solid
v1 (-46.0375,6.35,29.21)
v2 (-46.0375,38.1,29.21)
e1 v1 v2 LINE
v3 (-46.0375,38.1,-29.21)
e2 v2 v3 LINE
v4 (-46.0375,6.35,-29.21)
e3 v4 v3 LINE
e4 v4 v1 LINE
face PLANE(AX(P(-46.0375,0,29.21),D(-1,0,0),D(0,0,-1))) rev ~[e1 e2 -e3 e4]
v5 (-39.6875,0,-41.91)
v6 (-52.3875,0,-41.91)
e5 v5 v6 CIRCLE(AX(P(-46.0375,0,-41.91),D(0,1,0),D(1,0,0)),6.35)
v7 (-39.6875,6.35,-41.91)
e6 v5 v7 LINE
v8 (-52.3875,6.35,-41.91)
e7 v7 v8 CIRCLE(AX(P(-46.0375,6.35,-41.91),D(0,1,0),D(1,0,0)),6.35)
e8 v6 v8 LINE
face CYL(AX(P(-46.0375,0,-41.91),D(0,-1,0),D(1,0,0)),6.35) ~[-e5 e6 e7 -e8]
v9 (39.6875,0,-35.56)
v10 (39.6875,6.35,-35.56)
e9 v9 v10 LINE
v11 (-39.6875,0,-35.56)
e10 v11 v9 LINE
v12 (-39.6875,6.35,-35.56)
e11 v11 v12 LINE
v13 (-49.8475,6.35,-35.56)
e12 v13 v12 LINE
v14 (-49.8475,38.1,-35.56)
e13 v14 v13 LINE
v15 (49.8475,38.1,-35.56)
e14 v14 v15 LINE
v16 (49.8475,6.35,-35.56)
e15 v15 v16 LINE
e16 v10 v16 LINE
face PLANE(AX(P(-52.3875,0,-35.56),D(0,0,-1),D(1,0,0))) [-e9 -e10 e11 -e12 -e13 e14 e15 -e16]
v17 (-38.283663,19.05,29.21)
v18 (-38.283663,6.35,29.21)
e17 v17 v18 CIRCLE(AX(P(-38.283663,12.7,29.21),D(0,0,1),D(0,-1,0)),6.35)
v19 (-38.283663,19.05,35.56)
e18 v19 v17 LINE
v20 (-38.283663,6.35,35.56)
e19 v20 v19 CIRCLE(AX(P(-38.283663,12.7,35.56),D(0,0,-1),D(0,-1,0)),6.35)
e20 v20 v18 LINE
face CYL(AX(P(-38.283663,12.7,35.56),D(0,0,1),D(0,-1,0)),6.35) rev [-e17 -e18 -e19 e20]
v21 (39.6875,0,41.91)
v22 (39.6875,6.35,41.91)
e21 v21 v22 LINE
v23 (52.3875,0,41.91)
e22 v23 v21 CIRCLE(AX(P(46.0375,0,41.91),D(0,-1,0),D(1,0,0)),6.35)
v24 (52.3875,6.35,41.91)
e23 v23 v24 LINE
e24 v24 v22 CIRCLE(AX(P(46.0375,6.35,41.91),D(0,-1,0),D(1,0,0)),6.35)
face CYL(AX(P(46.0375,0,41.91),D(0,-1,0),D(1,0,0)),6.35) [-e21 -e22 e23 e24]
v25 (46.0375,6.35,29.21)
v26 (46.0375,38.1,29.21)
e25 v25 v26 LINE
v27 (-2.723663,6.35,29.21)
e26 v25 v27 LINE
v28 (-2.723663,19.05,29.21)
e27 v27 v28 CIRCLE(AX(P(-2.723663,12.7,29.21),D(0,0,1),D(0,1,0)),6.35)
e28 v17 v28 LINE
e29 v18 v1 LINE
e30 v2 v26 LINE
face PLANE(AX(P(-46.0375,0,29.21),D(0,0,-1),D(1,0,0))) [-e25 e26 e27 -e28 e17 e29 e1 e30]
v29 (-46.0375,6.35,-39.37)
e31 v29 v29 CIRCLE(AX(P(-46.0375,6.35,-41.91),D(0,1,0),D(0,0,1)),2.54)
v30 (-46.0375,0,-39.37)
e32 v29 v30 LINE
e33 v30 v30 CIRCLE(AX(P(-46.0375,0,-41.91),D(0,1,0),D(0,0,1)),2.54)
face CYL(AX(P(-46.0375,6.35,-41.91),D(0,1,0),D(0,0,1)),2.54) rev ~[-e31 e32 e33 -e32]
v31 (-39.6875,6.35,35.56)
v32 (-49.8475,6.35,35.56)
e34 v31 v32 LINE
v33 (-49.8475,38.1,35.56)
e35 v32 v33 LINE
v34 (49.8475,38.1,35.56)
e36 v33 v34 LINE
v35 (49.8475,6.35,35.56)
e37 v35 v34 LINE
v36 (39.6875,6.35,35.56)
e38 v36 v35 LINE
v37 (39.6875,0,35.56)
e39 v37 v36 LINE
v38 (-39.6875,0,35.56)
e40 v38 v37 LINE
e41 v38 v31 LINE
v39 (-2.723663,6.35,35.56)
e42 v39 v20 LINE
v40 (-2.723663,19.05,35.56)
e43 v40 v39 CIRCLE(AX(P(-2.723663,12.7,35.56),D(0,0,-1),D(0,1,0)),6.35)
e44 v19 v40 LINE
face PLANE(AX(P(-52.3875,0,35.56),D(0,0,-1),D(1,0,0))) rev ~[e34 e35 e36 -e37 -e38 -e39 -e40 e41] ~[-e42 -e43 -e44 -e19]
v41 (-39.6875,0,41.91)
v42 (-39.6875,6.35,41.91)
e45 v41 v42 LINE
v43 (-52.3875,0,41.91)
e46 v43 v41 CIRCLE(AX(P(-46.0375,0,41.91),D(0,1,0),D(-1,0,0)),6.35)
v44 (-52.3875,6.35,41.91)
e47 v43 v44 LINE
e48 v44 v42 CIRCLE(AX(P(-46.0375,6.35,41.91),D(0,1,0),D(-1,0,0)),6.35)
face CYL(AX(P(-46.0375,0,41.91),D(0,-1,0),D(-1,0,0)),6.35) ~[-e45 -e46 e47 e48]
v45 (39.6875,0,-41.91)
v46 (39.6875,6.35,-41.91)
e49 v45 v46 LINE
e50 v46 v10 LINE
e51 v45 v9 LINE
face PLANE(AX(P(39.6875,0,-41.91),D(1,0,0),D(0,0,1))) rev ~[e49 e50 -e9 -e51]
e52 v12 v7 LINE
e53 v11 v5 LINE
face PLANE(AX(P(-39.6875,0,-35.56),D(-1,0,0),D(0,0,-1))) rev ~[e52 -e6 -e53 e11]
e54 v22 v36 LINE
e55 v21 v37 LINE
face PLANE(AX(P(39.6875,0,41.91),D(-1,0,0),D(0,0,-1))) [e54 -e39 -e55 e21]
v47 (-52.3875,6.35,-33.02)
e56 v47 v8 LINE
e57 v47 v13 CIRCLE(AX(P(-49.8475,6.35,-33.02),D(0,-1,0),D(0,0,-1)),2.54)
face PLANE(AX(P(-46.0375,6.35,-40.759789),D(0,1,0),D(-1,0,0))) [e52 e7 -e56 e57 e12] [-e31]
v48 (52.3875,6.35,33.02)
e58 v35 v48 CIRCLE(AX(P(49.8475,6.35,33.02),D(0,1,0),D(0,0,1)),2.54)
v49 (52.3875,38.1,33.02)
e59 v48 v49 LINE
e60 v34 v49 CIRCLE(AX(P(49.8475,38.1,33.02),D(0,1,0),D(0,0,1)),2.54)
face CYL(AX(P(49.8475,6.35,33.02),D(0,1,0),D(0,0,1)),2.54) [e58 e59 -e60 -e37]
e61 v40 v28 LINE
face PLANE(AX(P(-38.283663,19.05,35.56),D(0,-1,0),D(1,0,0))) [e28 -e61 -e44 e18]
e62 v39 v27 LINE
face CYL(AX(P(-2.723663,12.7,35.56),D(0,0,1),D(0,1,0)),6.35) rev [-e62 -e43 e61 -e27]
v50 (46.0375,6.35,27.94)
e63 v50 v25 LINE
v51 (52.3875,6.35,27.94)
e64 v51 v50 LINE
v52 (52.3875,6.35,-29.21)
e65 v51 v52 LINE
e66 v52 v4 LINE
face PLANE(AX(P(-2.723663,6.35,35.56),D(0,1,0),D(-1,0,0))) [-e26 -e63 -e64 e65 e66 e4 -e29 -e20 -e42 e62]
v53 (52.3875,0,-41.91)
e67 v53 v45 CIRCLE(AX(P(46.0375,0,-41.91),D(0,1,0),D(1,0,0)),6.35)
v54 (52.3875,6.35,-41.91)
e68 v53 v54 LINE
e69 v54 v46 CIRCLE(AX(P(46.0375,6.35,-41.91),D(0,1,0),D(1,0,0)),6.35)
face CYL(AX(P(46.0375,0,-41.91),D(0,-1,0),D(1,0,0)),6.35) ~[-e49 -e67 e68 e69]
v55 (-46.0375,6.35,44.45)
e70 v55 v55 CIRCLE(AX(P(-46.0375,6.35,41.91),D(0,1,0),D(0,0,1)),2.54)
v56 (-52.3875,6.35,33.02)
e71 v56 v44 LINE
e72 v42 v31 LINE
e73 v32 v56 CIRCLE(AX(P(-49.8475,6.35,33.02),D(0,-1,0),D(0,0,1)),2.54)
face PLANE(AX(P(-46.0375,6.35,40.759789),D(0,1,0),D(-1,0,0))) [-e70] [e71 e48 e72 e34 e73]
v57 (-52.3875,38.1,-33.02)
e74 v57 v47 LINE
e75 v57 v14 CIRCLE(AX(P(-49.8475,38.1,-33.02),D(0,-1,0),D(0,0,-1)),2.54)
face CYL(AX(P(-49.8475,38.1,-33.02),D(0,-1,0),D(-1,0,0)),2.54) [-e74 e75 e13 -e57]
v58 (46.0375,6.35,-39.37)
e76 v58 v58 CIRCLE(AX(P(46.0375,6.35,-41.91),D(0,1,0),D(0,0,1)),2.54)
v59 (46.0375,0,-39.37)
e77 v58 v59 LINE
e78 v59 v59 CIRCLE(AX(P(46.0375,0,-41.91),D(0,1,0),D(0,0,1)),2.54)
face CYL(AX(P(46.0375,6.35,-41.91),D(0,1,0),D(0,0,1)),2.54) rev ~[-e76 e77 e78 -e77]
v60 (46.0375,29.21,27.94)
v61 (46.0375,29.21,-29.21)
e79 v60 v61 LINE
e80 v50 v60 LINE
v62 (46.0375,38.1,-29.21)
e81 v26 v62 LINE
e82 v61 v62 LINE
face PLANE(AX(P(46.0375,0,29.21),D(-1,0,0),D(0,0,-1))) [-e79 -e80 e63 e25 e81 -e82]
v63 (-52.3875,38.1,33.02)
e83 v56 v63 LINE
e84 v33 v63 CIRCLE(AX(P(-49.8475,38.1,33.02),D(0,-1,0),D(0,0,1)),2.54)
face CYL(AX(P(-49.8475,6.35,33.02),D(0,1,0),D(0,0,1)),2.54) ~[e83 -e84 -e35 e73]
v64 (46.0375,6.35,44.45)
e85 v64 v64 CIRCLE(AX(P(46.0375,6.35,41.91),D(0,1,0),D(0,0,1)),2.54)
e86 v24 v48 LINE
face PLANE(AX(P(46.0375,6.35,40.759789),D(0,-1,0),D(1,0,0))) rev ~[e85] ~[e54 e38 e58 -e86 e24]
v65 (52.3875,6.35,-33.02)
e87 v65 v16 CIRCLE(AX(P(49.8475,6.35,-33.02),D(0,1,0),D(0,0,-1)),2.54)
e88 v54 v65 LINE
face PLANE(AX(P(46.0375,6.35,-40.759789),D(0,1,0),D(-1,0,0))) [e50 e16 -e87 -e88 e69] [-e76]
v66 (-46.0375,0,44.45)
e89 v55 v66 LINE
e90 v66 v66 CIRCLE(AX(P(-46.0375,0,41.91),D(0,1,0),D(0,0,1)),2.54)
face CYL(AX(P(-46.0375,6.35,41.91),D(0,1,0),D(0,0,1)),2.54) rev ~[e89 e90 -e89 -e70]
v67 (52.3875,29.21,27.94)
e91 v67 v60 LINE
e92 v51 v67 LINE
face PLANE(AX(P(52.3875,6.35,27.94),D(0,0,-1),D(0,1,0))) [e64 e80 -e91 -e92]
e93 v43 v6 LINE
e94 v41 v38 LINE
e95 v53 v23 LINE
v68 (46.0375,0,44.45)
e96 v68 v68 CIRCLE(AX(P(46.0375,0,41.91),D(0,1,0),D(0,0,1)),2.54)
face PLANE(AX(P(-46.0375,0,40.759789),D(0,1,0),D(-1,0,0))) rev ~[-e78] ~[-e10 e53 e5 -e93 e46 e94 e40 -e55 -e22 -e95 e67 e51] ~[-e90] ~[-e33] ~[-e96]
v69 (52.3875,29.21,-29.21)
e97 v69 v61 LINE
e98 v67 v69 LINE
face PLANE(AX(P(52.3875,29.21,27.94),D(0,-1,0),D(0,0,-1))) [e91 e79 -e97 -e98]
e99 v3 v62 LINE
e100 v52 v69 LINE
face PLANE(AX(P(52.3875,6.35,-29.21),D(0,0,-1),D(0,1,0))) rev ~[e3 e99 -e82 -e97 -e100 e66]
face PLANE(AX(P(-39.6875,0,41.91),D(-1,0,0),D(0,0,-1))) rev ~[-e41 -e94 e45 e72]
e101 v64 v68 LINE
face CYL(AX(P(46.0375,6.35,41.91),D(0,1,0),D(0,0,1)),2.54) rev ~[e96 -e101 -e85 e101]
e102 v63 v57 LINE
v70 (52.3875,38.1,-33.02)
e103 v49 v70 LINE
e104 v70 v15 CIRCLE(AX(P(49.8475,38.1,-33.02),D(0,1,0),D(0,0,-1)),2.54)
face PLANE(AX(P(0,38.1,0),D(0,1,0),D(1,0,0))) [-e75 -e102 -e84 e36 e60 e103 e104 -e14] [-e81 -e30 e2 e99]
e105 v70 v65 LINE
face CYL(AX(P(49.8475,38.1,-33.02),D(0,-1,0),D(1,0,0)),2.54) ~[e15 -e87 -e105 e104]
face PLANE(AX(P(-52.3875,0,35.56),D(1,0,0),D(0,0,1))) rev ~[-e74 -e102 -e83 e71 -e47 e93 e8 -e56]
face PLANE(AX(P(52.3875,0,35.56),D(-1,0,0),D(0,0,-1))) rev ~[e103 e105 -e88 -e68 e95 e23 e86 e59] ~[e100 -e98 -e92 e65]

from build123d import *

# Parameters (mm, degrees)
SKETCH1_W           = 104.775
SKETCH1_H           = 71.12
BOSS_EXTRUDE1_DEPTH = 6.35
SKETCH1_3_W         = 104.775
SKETCH1_3_H         = 71.12
SKETCH1_3_W_2       = 92.075
SKETCH1_3_H_2       = 58.42
BOSS_EXTRUDE2_DEPTH = 38.1
CUT_EXTRUDE1_REACH  = 98.198
CUT_EXTRUDE2_REACH  = 119.021
SKETCH3_W           = 57.15
SKETCH3_H           = 22.86
BOSS_EXTRUDE3_DEPTH = 6.35
CUT_EXTRUDE3_REACH  = 79.984
SKETCH5_R           = 2.54
FILLET1_R           = 2.54


with BuildPart() as part:
    # Sketch1 → Boss-Extrude1 (new body)
    with BuildSketch(Plane(origin=(0, 0, 0), x_dir=(1, 0, 0), z_dir=(0, 1, 0))):
        Rectangle(SKETCH1_W, SKETCH1_H)
    extrude(amount=BOSS_EXTRUDE1_DEPTH)

    # Sketch1<3> → Boss-Extrude2 (add)
    with BuildSketch(Plane(origin=(0, 0, 0), x_dir=(1, 0, 0), z_dir=(0, 1, 0))):
        Rectangle(SKETCH1_3_W, SKETCH1_3_H)
        Rectangle(SKETCH1_3_W_2, SKETCH1_3_H_2, mode=Mode.SUBTRACT)
    extrude(amount=BOSS_EXTRUDE2_DEPTH)

    # Sketch2 → Cut-Extrude1 (cut, up to next)
    with BuildSketch(Plane.XY.offset(35.56), mode=Mode.PRIVATE) as cut_extrude1_sk1:
        with BuildLine():
            Line((-38.283663242, 19.05), (-2.723663242, 19.05))
            ThreePointArc((-2.723663242, 19.05), (3.626336758, 12.7), (-2.723663242, 6.35))
            Line((-2.723663242, 6.35), (-38.283663242, 6.35))
            ThreePointArc((-38.283663242, 6.35), (-44.633663242, 12.7), (-38.283663242, 19.05))
        make_face()
    cut_extrude1_tool1 = extrude(cut_extrude1_sk1.sketch, amount=-CUT_EXTRUDE1_REACH, mode=Mode.PRIVATE) & part.part
    add(cut_extrude1_tool1.solids().sort_by_distance((-20.503663, 12.7, 35.56))[0], mode=Mode.SUBTRACT)

    # Sketch3 → Cut-Extrude2 (cut, up to next)
    with BuildSketch(Plane(origin=(52.3875, 0, 0), x_dir=(0, 0, -1), z_dir=(1, 0, 0)), mode=Mode.PRIVATE) as cut_extrude2_sk1:
        with Locations((0.635, 17.78)):
            Rectangle(SKETCH3_W, SKETCH3_H)
    cut_extrude2_tool1 = extrude(cut_extrude2_sk1.sketch, amount=-CUT_EXTRUDE2_REACH, mode=Mode.PRIVATE) & part.part
    add(cut_extrude2_tool1.solids().sort_by_distance((52.3875, 17.78, -0.635))[0], mode=Mode.SUBTRACT)

    # Sketch4 → Boss-Extrude3 (add)
    with BuildSketch(Plane.XZ):
        with BuildLine():
            Line((-39.6875, 41.91), (-39.6875, 35.56))
            Line((-39.6875, 35.56), (-52.3875, 35.56))
            Line((-52.3875, 35.56), (-52.3875, 41.91))
            ThreePointArc((-52.3875, 41.91), (-46.0375, 48.26), (-39.6875, 41.91))
        make_face()
        with BuildLine():
            Line((39.6875, 41.91), (39.6875, 35.56))
            Line((39.6875, 35.56), (52.3875, 35.56))
            Line((52.3875, 35.56), (52.3875, 41.91))
            ThreePointArc((52.3875, 41.91), (46.0375, 48.26), (39.6875, 41.91))
        make_face()
        with BuildLine():
            Line((-52.3875, -41.91), (-52.3875, -35.56))
            Line((-52.3875, -35.56), (-39.6875, -35.56))
            Line((-39.6875, -35.56), (-39.6875, -41.91))
            ThreePointArc((-39.6875, -41.91), (-46.0375, -48.26), (-52.3875, -41.91))
        make_face()
        with BuildLine():
            Line((39.6875, -41.91), (39.6875, -35.56))
            Line((39.6875, -35.56), (52.3875, -35.56))
            Line((52.3875, -35.56), (52.3875, -41.91))
            ThreePointArc((52.3875, -41.91), (46.0375, -48.26), (39.6875, -41.91))
        make_face()
    extrude(amount=-BOSS_EXTRUDE3_DEPTH)

    # Sketch5 → Cut-Extrude3 (cut, up to next)
    with BuildSketch(Plane(origin=(0, 6.35, 0), x_dir=(1, 0, 0), z_dir=(0, 1, 0)), mode=Mode.PRIVATE) as cut_extrude3_sk1:
        with Locations((-46.0375, 41.91)):
            Circle(SKETCH5_R)
    cut_extrude3_tool1 = extrude(cut_extrude3_sk1.sketch, amount=-CUT_EXTRUDE3_REACH, mode=Mode.PRIVATE) & part.part
    # Sketch5 → Cut-Extrude3 (cut, up to next)
    with BuildSketch(Plane(origin=(0, 6.35, 0), x_dir=(1, 0, 0), z_dir=(0, 1, 0)), mode=Mode.PRIVATE) as cut_extrude3_sk2:
        with Locations((46.0375, 41.91)):
            Circle(SKETCH5_R)
    cut_extrude3_tool2 = extrude(cut_extrude3_sk2.sketch, amount=-CUT_EXTRUDE3_REACH, mode=Mode.PRIVATE) & part.part
    # Sketch5 → Cut-Extrude3 (cut, up to next)
    with BuildSketch(Plane(origin=(0, 6.35, 0), x_dir=(1, 0, 0), z_dir=(0, 1, 0)), mode=Mode.PRIVATE) as cut_extrude3_sk3:
        with Locations((46.0375, -41.91)):
            Circle(SKETCH5_R)
    cut_extrude3_tool3 = extrude(cut_extrude3_sk3.sketch, amount=-CUT_EXTRUDE3_REACH, mode=Mode.PRIVATE) & part.part
    # Sketch5 → Cut-Extrude3 (cut, up to next)
    with BuildSketch(Plane(origin=(0, 6.35, 0), x_dir=(1, 0, 0), z_dir=(0, 1, 0)), mode=Mode.PRIVATE) as cut_extrude3_sk4:
        with Locations((-46.0375, -41.91)):
            Circle(SKETCH5_R)
    cut_extrude3_tool4 = extrude(cut_extrude3_sk4.sketch, amount=-CUT_EXTRUDE3_REACH, mode=Mode.PRIVATE) & part.part
    add(cut_extrude3_tool1.solids().sort_by_distance((-46.0375, 6.35, -41.91))[0], mode=Mode.SUBTRACT)
    add(cut_extrude3_tool2.solids().sort_by_distance((46.0375, 6.35, -41.91))[0], mode=Mode.SUBTRACT)
    add(cut_extrude3_tool3.solids().sort_by_distance((46.0375, 6.35, 41.91))[0], mode=Mode.SUBTRACT)
    add(cut_extrude3_tool4.solids().sort_by_distance((-46.0375, 6.35, 41.91))[0], mode=Mode.SUBTRACT)

    # Fillet1
    fillet1_edges = [part.edges().sort_by_distance(p)[0] for p in [
        (52.3875, 22.225, -35.56),
        (52.3875, 22.225, 35.56),
        (-52.3875, 22.225, -35.56),
        (-52.3875, 22.225, 35.56),
    ]]
    fillet(fillet1_edges, radius=FILLET1_R)


solid = part.part
